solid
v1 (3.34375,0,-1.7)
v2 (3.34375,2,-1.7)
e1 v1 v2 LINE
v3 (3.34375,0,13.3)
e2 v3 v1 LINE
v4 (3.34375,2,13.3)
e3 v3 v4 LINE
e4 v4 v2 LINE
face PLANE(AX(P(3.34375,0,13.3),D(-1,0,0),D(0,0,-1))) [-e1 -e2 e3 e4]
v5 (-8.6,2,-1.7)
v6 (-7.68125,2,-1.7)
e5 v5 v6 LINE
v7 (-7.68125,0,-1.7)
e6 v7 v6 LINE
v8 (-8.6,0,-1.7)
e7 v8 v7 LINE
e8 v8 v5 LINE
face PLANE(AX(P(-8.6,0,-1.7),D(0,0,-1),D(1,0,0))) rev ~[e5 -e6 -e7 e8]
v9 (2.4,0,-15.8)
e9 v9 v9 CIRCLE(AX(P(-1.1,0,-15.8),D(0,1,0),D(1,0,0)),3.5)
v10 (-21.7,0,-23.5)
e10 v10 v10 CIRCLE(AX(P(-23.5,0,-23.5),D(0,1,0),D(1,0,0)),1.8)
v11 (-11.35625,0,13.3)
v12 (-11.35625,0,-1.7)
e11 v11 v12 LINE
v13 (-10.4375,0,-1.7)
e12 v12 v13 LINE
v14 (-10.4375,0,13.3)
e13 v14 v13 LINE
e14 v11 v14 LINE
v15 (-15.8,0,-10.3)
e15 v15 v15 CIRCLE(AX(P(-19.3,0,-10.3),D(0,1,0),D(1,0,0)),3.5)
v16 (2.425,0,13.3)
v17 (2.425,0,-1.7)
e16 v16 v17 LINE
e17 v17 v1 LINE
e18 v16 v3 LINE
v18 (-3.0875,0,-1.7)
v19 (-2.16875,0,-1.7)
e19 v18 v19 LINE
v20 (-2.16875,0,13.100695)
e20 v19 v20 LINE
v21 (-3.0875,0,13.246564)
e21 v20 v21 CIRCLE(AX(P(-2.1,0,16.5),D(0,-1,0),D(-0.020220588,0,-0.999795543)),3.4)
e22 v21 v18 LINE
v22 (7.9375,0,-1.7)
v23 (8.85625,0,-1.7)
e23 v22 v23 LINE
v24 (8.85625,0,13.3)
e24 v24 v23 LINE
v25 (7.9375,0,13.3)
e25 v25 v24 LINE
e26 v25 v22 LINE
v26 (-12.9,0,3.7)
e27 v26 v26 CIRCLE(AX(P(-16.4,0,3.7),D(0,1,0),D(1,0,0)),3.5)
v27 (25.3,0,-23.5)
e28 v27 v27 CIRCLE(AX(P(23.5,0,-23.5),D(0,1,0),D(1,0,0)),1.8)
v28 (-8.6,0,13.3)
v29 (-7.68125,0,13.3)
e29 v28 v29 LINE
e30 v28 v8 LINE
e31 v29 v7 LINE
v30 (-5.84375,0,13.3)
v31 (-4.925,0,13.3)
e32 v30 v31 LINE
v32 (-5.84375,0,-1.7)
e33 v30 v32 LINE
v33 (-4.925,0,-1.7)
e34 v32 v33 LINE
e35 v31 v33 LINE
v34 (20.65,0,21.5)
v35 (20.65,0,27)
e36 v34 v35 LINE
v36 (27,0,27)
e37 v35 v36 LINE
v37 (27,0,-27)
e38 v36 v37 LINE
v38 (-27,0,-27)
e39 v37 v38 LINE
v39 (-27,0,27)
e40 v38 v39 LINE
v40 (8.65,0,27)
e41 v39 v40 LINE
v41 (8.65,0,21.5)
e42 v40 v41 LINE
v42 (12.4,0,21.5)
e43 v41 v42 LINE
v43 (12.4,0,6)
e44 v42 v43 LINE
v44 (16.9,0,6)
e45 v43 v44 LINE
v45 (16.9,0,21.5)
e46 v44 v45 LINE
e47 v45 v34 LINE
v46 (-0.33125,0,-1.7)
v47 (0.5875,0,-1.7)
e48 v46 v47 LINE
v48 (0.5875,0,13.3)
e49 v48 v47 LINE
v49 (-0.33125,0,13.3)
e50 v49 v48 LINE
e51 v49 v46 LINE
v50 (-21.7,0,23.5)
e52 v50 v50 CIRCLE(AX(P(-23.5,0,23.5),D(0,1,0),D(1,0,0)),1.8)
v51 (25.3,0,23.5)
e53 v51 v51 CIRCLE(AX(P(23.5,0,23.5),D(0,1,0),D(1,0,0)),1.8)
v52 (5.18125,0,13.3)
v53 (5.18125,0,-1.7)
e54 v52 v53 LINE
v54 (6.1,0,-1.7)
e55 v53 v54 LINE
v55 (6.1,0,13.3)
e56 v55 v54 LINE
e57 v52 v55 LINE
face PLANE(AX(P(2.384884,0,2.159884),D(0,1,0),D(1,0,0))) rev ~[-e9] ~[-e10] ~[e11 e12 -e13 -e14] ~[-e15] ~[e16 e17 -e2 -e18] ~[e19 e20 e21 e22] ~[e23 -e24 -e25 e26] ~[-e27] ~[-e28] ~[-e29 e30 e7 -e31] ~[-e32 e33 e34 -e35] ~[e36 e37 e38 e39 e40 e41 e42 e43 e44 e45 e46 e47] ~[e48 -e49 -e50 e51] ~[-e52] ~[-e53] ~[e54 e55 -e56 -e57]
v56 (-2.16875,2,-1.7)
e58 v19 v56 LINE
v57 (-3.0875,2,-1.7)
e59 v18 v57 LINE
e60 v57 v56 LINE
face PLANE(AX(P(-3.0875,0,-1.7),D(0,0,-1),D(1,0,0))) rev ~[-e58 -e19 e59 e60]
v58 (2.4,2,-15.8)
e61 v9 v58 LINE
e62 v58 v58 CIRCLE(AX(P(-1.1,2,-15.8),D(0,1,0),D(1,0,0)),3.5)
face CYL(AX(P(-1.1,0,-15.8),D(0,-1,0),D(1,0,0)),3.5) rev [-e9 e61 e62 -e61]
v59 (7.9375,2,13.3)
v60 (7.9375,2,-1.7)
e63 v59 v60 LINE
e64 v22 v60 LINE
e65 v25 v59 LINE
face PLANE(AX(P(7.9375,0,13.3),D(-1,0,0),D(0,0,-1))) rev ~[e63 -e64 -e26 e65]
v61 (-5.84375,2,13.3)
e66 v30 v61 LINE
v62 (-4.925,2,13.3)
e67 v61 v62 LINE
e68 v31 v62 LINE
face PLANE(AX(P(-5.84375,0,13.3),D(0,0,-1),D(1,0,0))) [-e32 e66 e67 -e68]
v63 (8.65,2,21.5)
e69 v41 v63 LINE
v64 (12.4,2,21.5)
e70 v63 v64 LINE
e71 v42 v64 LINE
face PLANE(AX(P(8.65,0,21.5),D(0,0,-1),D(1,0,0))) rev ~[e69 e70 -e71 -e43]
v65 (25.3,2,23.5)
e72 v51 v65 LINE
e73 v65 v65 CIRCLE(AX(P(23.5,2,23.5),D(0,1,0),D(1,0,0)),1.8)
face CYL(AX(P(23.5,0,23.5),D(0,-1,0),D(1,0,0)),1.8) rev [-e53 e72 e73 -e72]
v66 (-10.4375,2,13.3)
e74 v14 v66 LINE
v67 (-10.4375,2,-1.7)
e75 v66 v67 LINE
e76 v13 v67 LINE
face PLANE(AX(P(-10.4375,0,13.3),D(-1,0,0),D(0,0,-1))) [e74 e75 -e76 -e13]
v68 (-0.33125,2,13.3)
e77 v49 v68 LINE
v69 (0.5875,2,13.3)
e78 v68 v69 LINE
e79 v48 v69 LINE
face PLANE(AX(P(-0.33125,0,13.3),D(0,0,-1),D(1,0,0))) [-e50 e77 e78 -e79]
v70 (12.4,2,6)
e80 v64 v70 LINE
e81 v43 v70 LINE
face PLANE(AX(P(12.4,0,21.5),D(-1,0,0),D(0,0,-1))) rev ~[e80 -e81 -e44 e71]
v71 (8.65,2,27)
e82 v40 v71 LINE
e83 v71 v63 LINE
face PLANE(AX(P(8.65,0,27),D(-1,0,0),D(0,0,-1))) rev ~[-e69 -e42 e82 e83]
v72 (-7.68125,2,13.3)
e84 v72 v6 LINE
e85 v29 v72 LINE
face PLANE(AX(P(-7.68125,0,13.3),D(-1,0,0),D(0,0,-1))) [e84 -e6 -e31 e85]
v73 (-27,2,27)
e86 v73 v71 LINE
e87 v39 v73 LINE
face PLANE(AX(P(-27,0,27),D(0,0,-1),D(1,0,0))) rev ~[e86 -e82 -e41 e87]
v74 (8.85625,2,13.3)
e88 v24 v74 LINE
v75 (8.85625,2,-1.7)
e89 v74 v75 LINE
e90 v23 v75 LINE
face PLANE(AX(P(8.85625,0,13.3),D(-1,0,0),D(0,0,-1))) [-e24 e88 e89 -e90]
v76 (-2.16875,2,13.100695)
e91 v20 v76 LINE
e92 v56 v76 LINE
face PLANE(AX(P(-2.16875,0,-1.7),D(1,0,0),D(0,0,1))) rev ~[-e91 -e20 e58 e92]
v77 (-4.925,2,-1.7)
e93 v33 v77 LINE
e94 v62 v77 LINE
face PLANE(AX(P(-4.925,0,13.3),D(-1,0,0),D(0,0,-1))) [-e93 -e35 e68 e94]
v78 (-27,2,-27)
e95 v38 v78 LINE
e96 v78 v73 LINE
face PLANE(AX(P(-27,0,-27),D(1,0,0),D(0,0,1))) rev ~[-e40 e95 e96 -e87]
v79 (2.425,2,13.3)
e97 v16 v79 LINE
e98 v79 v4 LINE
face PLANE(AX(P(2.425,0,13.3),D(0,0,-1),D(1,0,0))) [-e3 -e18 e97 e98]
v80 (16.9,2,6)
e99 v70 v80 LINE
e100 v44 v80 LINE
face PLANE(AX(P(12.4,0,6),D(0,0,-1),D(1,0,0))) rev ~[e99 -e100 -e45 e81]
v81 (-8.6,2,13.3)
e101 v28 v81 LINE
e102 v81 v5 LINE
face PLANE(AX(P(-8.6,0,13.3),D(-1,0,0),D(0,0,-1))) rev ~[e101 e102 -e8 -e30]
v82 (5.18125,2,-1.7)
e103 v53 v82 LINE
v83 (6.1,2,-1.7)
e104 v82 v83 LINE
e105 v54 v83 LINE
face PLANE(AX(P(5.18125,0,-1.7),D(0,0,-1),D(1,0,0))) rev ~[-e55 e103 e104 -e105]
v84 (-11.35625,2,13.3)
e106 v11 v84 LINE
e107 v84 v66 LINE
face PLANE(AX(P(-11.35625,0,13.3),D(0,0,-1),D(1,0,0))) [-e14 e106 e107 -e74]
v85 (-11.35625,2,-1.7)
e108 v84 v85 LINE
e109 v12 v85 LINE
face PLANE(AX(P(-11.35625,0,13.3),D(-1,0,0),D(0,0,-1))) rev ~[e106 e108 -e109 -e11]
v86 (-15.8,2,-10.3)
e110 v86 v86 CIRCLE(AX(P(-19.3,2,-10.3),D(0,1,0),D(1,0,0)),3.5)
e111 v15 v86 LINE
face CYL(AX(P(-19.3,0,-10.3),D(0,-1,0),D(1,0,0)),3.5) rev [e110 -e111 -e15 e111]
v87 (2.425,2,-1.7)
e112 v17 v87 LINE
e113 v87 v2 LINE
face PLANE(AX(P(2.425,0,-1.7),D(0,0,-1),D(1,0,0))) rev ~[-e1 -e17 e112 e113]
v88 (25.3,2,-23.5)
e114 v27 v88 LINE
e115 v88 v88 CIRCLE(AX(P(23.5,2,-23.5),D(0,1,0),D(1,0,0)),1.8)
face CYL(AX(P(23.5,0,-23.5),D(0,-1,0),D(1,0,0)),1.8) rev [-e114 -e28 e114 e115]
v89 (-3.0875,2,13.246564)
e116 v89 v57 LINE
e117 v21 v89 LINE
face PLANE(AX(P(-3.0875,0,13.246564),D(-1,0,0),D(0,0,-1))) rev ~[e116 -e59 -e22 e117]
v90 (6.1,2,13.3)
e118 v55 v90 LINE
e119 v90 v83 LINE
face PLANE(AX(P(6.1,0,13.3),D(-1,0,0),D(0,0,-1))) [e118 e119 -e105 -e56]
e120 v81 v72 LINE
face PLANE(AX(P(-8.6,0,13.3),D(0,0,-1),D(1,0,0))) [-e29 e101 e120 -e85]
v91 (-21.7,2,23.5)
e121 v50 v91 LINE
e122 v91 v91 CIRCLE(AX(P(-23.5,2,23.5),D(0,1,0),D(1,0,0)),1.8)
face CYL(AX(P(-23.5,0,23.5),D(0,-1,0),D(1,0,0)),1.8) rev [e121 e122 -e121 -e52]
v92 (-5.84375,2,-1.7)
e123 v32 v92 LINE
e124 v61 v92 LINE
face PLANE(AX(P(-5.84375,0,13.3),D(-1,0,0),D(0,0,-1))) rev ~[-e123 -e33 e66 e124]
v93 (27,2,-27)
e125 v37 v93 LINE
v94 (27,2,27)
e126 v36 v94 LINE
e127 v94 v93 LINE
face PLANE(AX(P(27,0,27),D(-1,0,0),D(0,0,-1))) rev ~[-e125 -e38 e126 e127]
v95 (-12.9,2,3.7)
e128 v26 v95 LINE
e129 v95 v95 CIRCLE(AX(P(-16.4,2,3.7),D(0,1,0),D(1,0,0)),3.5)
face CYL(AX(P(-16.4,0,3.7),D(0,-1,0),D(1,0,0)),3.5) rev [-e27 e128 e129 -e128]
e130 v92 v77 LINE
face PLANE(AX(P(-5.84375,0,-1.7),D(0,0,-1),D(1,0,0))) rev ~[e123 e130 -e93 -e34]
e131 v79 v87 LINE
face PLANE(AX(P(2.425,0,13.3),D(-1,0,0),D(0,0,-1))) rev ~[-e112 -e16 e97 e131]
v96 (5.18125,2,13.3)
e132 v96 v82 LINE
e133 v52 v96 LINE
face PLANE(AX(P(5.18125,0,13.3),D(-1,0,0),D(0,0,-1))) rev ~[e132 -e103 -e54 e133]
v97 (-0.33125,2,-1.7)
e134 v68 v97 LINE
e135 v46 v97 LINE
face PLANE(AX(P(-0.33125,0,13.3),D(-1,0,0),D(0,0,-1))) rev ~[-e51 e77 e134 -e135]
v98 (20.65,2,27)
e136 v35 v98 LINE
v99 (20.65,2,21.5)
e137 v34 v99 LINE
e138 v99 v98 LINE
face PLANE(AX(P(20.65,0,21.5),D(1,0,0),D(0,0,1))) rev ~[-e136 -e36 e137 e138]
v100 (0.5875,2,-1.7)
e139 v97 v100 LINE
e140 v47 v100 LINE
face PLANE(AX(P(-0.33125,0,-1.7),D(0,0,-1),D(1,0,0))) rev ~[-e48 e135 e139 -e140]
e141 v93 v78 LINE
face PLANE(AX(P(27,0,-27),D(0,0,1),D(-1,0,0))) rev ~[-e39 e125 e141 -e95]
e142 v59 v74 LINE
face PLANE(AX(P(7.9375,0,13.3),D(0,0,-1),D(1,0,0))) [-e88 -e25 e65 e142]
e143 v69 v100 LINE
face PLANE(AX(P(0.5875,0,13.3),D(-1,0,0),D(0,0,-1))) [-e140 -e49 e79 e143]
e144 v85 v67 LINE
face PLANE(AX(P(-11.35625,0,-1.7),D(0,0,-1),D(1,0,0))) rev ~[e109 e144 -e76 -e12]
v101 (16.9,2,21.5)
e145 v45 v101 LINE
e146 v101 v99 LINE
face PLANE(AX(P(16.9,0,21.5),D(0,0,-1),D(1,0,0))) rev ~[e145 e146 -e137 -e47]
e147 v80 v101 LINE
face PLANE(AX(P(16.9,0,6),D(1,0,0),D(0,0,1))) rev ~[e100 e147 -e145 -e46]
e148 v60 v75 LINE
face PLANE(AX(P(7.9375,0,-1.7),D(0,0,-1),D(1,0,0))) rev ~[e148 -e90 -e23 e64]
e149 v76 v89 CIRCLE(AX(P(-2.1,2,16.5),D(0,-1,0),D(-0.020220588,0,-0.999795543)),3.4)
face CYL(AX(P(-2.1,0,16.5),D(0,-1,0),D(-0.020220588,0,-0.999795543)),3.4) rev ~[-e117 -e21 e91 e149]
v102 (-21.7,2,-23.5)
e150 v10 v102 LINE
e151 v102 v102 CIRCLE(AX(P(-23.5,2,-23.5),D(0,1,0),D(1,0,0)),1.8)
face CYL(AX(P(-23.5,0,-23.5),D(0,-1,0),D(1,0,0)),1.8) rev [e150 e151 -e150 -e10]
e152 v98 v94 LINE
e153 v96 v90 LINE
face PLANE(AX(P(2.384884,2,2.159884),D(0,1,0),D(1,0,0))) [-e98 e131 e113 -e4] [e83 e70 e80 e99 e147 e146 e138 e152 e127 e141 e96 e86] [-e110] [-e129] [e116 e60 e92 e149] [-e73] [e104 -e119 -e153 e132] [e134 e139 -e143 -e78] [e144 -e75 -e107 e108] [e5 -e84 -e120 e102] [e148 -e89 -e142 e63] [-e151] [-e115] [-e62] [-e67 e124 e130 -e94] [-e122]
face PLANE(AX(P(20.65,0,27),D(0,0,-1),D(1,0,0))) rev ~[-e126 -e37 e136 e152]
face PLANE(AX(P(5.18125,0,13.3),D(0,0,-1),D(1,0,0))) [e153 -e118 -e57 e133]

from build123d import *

# Parameters (mm, degrees)
SKETCH_3_R      = 3.5
SKETCH_3_W      = 0.91875
SKETCH_3_H      = 15
SKETCH_3_R_2    = 1.8
EXTRUDE_2_DEPTH = 2


with BuildPart() as part:
    # 草图3 → 凸台-拉伸2 (new body)
    with BuildSketch(Plane(origin=(0, 0, 0), x_dir=(1, 0, 0), z_dir=(0, 1, 0))):
        Polygon((16.9, -21.5), (20.65, -21.5), (20.65, -27), (27, -27), (27, 27), (-27, 27), (-27, -27), (8.65, -27), (8.65, -21.5), (12.4, -21.5), (12.4, -6), (16.9, -6), align=None)
        with Locations((-19.3, 10.3)):
            Circle(SKETCH_3_R, mode=Mode.SUBTRACT)
        with Locations((-16.4, -3.7)):
            Circle(SKETCH_3_R, mode=Mode.SUBTRACT)
        with Locations((-10.896875, -5.8)):
            Rectangle(SKETCH_3_W, SKETCH_3_H, mode=Mode.SUBTRACT)
        with BuildLine():
            Line((-3.0875, -13.246564316), (-3.0875, 1.7))
            Line((-3.0875, 1.7), (-2.16875, 1.7))
            Line((-2.16875, 1.7), (-2.16875, -13.100695154))
            ThreePointArc((-2.16875, -13.100695154), (-1.566862617, -19.857940519), (-3.0875, -13.246564316))
        make_face(mode=Mode.SUBTRACT)
        with Locations((-8.140625, -5.8)):
            Rectangle(SKETCH_3_W, SKETCH_3_H, mode=Mode.SUBTRACT)
        with Locations((-5.384375, -5.8)):
            Rectangle(SKETCH_3_W, SKETCH_3_H, mode=Mode.SUBTRACT)
        with Locations((0.128125, -5.8)):
            Rectangle(SKETCH_3_W, SKETCH_3_H, mode=Mode.SUBTRACT)
        with Locations((23.5, -23.5)):
            Circle(SKETCH_3_R_2, mode=Mode.SUBTRACT)
        with Locations((2.884375, -5.8)):
            Rectangle(SKETCH_3_W, SKETCH_3_H, mode=Mode.SUBTRACT)
        with Locations((5.640625, -5.8)):
            Rectangle(SKETCH_3_W, SKETCH_3_H, mode=Mode.SUBTRACT)
        with Locations((8.396875, -5.8)):
            Rectangle(SKETCH_3_W, SKETCH_3_H, mode=Mode.SUBTRACT)
        with Locations((-1.1, 15.8)):
            Circle(SKETCH_3_R, mode=Mode.SUBTRACT)
        with Locations((23.5, 23.5)):
            Circle(SKETCH_3_R_2, mode=Mode.SUBTRACT)
        with Locations((-23.5, -23.5)):
            Circle(SKETCH_3_R_2, mode=Mode.SUBTRACT)
        with Locations((-23.5, 23.5)):
            Circle(SKETCH_3_R_2, mode=Mode.SUBTRACT)
    extrude(amount=EXTRUDE_2_DEPTH)


solid = part.part
